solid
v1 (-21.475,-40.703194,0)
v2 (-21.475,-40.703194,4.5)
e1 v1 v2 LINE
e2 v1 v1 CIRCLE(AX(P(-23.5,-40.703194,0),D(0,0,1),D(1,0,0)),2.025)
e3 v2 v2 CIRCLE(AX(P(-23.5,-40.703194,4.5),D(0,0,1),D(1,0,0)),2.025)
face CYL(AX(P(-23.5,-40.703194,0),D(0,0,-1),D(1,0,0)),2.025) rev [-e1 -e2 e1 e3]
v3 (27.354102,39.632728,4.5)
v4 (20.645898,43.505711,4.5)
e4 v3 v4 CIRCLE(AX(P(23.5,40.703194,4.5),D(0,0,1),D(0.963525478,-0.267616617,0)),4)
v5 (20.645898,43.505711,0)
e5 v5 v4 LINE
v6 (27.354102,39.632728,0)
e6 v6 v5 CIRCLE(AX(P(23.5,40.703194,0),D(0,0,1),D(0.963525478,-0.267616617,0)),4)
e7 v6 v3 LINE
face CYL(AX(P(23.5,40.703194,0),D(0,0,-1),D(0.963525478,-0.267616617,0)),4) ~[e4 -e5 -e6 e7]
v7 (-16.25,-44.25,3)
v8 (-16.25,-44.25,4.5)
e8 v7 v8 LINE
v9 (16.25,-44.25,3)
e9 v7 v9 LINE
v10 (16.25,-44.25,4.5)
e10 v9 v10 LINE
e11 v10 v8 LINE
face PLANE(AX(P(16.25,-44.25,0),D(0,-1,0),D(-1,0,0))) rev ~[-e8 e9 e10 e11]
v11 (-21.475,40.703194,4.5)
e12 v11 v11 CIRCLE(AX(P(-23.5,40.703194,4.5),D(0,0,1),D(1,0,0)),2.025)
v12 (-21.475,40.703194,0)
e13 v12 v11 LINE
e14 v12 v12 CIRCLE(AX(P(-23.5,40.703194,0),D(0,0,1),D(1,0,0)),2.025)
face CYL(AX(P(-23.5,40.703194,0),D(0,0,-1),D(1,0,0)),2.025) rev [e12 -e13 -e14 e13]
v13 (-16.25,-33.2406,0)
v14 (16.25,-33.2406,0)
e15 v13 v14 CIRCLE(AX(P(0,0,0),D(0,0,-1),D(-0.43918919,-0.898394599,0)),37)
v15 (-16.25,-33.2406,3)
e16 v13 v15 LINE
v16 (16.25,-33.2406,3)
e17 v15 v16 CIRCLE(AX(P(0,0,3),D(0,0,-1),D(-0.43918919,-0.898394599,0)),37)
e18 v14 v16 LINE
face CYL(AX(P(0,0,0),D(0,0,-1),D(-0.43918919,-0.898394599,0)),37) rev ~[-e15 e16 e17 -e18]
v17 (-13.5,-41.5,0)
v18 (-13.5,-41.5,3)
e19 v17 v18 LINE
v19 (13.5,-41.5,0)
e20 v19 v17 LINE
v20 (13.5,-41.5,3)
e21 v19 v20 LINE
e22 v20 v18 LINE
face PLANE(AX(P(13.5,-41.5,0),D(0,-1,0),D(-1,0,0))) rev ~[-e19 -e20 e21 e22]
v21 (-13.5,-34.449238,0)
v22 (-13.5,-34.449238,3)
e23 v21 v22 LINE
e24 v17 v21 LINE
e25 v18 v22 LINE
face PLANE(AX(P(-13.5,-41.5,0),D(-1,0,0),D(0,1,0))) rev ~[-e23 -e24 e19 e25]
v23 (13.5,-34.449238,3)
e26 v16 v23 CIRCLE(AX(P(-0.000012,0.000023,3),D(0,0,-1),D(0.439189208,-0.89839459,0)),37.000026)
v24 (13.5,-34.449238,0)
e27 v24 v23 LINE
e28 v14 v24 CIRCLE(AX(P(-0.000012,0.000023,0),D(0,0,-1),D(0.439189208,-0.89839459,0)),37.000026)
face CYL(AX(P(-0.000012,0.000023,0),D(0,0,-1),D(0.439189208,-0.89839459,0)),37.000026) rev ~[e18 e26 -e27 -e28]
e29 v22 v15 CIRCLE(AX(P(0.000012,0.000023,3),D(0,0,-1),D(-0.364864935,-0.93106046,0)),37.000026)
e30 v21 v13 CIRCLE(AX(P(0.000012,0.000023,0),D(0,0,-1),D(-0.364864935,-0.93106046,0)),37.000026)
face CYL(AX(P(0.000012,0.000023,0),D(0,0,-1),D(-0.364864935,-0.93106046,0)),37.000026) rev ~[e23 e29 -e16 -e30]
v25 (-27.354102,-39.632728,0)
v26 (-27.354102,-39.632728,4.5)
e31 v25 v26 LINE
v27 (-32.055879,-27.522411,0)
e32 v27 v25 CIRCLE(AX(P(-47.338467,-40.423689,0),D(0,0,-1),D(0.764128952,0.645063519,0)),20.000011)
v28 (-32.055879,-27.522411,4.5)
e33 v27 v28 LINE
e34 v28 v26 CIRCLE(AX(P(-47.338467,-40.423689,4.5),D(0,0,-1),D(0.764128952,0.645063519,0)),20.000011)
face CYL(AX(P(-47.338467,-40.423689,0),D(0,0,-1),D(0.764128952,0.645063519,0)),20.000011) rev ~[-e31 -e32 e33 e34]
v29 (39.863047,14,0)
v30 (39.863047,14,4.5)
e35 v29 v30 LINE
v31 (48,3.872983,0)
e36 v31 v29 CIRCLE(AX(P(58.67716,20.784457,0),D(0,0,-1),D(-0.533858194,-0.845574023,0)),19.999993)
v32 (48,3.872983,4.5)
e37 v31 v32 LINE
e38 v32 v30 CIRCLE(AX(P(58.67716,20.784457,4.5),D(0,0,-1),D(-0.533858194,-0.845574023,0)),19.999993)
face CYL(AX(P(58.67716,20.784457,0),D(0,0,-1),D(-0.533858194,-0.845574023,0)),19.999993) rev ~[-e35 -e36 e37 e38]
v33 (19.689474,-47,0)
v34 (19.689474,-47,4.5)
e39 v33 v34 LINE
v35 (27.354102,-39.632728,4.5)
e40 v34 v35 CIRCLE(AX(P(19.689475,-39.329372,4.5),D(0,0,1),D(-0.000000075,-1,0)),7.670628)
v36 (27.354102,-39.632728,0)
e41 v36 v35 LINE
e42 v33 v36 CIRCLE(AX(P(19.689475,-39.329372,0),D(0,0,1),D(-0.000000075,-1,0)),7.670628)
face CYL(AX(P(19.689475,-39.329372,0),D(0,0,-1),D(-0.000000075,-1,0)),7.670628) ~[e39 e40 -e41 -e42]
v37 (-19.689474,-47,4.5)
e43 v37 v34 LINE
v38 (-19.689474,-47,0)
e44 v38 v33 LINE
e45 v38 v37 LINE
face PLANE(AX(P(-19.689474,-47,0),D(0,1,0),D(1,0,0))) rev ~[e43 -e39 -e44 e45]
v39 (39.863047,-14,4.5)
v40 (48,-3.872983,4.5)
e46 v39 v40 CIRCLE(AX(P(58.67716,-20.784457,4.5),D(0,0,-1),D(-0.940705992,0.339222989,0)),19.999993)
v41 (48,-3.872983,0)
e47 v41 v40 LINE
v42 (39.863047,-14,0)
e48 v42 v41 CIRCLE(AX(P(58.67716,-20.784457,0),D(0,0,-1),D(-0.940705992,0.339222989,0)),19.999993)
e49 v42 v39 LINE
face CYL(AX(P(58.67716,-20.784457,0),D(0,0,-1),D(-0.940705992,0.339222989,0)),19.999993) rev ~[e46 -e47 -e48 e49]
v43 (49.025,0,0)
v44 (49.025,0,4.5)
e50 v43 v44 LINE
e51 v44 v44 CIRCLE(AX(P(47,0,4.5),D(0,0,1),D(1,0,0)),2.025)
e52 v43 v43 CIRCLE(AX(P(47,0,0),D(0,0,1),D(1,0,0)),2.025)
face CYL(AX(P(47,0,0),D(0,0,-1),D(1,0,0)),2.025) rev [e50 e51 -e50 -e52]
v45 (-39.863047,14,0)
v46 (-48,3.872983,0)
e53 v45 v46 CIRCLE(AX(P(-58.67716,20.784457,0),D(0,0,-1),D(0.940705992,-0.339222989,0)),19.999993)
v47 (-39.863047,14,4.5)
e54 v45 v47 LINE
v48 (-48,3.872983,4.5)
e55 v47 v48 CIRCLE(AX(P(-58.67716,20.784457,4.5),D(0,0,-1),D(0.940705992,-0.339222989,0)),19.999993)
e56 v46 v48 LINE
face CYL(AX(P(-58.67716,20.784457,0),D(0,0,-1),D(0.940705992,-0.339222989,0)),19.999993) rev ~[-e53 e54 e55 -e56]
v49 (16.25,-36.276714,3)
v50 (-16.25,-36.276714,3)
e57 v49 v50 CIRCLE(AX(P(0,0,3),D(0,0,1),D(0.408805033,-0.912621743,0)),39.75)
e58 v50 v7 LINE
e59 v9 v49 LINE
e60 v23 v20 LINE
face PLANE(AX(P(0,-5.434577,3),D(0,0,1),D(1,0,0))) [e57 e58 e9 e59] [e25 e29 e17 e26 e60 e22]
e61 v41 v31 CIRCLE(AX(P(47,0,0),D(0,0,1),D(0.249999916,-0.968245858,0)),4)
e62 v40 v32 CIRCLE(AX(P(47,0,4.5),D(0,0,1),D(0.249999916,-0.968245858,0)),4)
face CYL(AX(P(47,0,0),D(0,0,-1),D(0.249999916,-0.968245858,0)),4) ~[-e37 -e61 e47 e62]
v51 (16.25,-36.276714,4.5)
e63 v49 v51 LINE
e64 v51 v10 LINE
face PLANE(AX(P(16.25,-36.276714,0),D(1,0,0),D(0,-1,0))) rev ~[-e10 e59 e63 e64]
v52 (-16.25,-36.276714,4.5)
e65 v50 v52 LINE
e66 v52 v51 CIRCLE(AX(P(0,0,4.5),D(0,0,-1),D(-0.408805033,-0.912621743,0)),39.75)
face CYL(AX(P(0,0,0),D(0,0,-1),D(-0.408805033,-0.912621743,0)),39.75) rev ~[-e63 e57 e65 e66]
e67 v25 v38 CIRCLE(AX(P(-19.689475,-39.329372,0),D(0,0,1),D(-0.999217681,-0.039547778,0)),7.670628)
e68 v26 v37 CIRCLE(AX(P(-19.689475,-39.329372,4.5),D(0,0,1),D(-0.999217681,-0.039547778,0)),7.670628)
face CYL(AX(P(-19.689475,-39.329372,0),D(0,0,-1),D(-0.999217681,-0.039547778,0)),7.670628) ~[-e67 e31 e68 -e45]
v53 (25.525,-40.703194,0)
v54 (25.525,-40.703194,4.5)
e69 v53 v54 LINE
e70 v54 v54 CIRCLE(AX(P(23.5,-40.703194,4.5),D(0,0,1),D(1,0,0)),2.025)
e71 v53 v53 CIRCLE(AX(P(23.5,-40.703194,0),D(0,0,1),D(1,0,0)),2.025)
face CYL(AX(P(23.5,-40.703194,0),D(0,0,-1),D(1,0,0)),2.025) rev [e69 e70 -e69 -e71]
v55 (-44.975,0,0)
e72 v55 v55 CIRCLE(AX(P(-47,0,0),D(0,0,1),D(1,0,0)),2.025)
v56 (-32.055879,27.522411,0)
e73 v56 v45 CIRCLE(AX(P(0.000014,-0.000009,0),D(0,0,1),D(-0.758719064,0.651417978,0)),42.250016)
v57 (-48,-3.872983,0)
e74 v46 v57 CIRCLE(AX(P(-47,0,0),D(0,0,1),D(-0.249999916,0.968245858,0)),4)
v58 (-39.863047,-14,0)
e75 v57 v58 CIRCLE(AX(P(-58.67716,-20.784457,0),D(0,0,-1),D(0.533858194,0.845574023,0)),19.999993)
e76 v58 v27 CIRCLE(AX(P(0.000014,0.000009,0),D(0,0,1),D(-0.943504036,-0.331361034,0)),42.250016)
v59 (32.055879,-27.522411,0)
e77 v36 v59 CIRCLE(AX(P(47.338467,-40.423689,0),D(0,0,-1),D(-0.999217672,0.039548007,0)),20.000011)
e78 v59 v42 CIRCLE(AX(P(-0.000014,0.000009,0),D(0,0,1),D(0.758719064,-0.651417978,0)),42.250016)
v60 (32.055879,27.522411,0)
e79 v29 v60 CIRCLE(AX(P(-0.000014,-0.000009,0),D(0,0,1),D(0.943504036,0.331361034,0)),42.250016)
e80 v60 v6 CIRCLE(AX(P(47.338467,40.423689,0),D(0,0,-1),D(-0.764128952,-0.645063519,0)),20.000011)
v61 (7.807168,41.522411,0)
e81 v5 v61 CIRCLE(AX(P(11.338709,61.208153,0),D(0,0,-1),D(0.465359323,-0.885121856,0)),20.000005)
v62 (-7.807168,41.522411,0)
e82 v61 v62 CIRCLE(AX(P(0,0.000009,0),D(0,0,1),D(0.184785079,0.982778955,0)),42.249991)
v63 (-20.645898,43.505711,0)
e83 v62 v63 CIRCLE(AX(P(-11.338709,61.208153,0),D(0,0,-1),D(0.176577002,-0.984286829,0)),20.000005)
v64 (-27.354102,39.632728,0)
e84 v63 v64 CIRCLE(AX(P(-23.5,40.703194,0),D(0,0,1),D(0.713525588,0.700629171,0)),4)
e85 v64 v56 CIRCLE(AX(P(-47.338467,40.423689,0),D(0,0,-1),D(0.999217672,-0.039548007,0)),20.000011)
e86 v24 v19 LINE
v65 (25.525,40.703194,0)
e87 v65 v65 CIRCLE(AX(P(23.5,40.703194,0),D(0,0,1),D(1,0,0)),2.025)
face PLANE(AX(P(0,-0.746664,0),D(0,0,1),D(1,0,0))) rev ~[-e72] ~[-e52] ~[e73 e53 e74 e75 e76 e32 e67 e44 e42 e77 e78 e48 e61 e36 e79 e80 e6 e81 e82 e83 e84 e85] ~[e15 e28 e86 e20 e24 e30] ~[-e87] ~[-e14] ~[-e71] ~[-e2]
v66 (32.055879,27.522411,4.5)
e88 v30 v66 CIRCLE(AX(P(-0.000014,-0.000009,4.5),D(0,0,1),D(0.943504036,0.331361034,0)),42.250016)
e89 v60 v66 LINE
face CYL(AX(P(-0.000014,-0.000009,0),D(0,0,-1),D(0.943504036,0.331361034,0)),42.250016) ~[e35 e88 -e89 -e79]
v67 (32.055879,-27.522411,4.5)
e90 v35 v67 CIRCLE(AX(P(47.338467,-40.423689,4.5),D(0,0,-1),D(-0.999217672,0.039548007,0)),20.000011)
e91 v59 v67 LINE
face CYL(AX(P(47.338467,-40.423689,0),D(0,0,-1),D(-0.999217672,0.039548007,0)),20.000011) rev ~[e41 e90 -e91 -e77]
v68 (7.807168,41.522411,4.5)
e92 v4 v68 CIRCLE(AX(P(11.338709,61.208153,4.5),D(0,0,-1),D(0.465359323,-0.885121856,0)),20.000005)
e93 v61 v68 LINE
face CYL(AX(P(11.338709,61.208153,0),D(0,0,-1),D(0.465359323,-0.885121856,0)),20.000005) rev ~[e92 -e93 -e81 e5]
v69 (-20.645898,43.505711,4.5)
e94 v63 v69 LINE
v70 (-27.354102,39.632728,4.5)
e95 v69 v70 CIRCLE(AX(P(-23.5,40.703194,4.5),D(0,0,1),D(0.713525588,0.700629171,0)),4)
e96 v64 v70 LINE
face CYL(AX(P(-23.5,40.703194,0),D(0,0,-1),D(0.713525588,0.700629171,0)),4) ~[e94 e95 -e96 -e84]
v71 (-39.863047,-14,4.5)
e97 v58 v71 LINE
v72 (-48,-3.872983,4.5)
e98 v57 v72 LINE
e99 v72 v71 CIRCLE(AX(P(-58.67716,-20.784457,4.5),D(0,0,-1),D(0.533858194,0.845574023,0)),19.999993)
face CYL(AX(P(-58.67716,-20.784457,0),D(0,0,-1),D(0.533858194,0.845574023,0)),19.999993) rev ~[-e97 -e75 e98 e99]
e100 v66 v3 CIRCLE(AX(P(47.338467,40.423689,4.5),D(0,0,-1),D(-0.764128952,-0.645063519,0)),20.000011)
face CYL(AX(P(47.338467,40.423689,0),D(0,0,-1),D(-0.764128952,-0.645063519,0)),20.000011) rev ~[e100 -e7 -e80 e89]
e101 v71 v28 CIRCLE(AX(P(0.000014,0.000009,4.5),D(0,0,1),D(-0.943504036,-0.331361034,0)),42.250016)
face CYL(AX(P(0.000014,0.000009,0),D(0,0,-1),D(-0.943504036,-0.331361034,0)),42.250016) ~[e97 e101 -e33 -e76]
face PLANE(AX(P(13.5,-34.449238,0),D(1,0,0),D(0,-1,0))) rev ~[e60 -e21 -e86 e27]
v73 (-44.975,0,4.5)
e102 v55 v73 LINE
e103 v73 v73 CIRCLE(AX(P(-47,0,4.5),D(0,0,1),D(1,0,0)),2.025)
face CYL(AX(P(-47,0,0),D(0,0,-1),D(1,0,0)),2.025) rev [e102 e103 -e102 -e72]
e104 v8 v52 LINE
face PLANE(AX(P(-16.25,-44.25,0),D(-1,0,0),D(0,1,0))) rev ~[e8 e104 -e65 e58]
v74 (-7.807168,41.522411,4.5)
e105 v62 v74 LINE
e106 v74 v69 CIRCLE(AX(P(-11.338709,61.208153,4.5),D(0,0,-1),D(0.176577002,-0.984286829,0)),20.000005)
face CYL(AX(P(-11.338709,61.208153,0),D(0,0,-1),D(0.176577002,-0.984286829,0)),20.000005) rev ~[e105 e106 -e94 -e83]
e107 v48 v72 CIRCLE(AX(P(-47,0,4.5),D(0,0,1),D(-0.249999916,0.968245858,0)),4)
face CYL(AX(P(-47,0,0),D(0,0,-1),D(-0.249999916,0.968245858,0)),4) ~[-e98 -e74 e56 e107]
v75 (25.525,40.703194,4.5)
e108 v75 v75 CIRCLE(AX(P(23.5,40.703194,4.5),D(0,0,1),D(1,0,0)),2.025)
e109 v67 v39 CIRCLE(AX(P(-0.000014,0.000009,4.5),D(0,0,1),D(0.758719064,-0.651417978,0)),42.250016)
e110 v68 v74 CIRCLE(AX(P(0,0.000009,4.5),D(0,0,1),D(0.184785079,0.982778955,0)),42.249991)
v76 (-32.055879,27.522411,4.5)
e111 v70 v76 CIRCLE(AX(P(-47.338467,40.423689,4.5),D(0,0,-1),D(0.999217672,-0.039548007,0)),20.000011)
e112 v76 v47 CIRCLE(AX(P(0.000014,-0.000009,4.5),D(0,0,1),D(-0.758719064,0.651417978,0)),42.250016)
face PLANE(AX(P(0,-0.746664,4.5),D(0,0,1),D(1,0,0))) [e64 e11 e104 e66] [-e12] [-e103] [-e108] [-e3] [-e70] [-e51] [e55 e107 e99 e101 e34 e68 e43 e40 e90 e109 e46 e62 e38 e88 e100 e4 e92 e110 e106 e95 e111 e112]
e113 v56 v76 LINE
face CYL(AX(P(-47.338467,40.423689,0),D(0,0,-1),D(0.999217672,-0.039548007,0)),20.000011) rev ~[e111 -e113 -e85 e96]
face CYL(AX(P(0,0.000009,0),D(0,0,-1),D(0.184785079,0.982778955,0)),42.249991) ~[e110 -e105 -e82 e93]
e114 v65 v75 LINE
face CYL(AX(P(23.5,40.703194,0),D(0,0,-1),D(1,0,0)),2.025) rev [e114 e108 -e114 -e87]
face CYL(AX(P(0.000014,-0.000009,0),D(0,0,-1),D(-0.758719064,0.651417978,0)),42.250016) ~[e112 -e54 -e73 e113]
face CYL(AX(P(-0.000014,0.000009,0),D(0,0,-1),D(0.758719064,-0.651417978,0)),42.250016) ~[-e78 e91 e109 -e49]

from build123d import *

# Parameters (mm, degrees)
F1_DEPTH = 3
F0_R     = 2.025
F2_DEPTH = 4.5


with BuildPart() as f1:
    # F0 (on Top) → F1 (new body)
    with BuildSketch(Plane.XY):
        with BuildLine():
            Line((16.25, -44.25), (16.25, -36.276714))
            ThreePointArc((16.25, -36.276714), (0, 39.75), (-16.25, -36.276714))
            Line((-16.25, -36.276714), (-16.25, -44.25))
            Line((-16.25, -44.25), (16.25, -44.25))
        make_face()
        with BuildLine():
            ThreePointArc((16.25, -33.2406), (14.887271, -33.872838), (13.5, -34.449238))
            Line((13.5, -34.449238), (13.5, -41.5))
            Line((13.5, -41.5), (7.934459, -41.5))
            Line((7.934459, -41.5), (-7.934459, -41.5))
            Line((-7.934459, -41.5), (-13.5, -41.5))
            Line((-13.5, -41.5), (-13.5, -34.449238))
            ThreePointArc((-13.5, -34.449238), (-14.887271, -33.872838), (-16.25, -33.2406))
            ThreePointArc((-16.25, -33.2406), (0, 37), (16.25, -33.2406))
        make_face(mode=Mode.SUBTRACT)
    extrude(amount=F1_DEPTH)

    # F0 (on Top) → F2 (join)
    with BuildSketch(Plane.XY):
        with BuildLine():
            ThreePointArc((-27.354102, 39.632728), (-28.694314, 33.185179), (-32.055879, 27.522411))
            ThreePointArc((-32.055879, 27.522411), (-36.589573, 21.125), (-39.863047, 14))
            ThreePointArc((-39.863047, 14), (-43.086364, 8.257415), (-48, 3.872983))
            ThreePointArc((-48, 3.872983), (-51, 0), (-48, -3.872983))
            ThreePointArc((-48, -3.872983), (-43.086364, -8.257415), (-39.863047, -14))
            ThreePointArc((-39.863047, -14), (-36.589573, -21.125), (-32.055879, -27.522411))
            ThreePointArc((-32.055879, -27.522411), (-28.694314, -33.185179), (-27.354102, -39.632728))
            ThreePointArc((-27.354102, -39.632728), (-25.005093, -44.859538), (-19.689474, -47))
            Line((-19.689474, -47), (19.689474, -47))
            ThreePointArc((19.689474, -47), (25.005093, -44.859538), (27.354102, -39.632728))
            ThreePointArc((27.354102, -39.632728), (28.694314, -33.185179), (32.055879, -27.522411))
            ThreePointArc((32.055879, -27.522411), (36.589573, -21.125), (39.863047, -14))
            ThreePointArc((39.863047, -14), (43.086364, -8.257415), (48, -3.872983))
            ThreePointArc((48, -3.872983), (51, 0), (48, 3.872983))
            ThreePointArc((48, 3.872983), (43.086364, 8.257415), (39.863047, 14))
            ThreePointArc((39.863047, 14), (36.589573, 21.125), (32.055879, 27.522411))
            ThreePointArc((32.055879, 27.522411), (28.694314, 33.185179), (27.354102, 39.632728))
            ThreePointArc((27.354102, 39.632728), (25.5, 44.167296), (20.645898, 43.505711))
            ThreePointArc((20.645898, 43.505711), (14.392051, 41.442594), (7.807168, 41.522411))
            ThreePointArc((7.807168, 41.522411), (0, 42.25), (-7.807168, 41.522411))
            ThreePointArc((-7.807168, 41.522411), (-14.392051, 41.442594), (-20.645898, 43.505711))
            ThreePointArc((-20.645898, 43.505711), (-25.5, 44.167296), (-27.354102, 39.632728))
        make_face()
        with Locations((-23.5, -40.703194)):
            Circle(F0_R, mode=Mode.SUBTRACT)
        with Locations((23.5, -40.703194)):
            Circle(F0_R, mode=Mode.SUBTRACT)
        with BuildLine():
            ThreePointArc((-16.25, -36.276714), (0, 39.75), (16.25, -36.276714))
            Line((16.25, -36.276714), (16.25, -44.25))
            Line((16.25, -44.25), (-16.25, -44.25))
            Line((-16.25, -44.25), (-16.25, -36.276714))
        make_face(mode=Mode.SUBTRACT)
        with Locations((-47, 0)):
            Circle(F0_R, mode=Mode.SUBTRACT)
        with Locations((-23.5, 40.703194)):
            Circle(F0_R, mode=Mode.SUBTRACT)
        with Locations((47, 0)):
            Circle(F0_R, mode=Mode.SUBTRACT)
        with Locations((23.5, 40.703194)):
            Circle(F0_R, mode=Mode.SUBTRACT)
    extrude(amount=F2_DEPTH)


solid = f1.part
